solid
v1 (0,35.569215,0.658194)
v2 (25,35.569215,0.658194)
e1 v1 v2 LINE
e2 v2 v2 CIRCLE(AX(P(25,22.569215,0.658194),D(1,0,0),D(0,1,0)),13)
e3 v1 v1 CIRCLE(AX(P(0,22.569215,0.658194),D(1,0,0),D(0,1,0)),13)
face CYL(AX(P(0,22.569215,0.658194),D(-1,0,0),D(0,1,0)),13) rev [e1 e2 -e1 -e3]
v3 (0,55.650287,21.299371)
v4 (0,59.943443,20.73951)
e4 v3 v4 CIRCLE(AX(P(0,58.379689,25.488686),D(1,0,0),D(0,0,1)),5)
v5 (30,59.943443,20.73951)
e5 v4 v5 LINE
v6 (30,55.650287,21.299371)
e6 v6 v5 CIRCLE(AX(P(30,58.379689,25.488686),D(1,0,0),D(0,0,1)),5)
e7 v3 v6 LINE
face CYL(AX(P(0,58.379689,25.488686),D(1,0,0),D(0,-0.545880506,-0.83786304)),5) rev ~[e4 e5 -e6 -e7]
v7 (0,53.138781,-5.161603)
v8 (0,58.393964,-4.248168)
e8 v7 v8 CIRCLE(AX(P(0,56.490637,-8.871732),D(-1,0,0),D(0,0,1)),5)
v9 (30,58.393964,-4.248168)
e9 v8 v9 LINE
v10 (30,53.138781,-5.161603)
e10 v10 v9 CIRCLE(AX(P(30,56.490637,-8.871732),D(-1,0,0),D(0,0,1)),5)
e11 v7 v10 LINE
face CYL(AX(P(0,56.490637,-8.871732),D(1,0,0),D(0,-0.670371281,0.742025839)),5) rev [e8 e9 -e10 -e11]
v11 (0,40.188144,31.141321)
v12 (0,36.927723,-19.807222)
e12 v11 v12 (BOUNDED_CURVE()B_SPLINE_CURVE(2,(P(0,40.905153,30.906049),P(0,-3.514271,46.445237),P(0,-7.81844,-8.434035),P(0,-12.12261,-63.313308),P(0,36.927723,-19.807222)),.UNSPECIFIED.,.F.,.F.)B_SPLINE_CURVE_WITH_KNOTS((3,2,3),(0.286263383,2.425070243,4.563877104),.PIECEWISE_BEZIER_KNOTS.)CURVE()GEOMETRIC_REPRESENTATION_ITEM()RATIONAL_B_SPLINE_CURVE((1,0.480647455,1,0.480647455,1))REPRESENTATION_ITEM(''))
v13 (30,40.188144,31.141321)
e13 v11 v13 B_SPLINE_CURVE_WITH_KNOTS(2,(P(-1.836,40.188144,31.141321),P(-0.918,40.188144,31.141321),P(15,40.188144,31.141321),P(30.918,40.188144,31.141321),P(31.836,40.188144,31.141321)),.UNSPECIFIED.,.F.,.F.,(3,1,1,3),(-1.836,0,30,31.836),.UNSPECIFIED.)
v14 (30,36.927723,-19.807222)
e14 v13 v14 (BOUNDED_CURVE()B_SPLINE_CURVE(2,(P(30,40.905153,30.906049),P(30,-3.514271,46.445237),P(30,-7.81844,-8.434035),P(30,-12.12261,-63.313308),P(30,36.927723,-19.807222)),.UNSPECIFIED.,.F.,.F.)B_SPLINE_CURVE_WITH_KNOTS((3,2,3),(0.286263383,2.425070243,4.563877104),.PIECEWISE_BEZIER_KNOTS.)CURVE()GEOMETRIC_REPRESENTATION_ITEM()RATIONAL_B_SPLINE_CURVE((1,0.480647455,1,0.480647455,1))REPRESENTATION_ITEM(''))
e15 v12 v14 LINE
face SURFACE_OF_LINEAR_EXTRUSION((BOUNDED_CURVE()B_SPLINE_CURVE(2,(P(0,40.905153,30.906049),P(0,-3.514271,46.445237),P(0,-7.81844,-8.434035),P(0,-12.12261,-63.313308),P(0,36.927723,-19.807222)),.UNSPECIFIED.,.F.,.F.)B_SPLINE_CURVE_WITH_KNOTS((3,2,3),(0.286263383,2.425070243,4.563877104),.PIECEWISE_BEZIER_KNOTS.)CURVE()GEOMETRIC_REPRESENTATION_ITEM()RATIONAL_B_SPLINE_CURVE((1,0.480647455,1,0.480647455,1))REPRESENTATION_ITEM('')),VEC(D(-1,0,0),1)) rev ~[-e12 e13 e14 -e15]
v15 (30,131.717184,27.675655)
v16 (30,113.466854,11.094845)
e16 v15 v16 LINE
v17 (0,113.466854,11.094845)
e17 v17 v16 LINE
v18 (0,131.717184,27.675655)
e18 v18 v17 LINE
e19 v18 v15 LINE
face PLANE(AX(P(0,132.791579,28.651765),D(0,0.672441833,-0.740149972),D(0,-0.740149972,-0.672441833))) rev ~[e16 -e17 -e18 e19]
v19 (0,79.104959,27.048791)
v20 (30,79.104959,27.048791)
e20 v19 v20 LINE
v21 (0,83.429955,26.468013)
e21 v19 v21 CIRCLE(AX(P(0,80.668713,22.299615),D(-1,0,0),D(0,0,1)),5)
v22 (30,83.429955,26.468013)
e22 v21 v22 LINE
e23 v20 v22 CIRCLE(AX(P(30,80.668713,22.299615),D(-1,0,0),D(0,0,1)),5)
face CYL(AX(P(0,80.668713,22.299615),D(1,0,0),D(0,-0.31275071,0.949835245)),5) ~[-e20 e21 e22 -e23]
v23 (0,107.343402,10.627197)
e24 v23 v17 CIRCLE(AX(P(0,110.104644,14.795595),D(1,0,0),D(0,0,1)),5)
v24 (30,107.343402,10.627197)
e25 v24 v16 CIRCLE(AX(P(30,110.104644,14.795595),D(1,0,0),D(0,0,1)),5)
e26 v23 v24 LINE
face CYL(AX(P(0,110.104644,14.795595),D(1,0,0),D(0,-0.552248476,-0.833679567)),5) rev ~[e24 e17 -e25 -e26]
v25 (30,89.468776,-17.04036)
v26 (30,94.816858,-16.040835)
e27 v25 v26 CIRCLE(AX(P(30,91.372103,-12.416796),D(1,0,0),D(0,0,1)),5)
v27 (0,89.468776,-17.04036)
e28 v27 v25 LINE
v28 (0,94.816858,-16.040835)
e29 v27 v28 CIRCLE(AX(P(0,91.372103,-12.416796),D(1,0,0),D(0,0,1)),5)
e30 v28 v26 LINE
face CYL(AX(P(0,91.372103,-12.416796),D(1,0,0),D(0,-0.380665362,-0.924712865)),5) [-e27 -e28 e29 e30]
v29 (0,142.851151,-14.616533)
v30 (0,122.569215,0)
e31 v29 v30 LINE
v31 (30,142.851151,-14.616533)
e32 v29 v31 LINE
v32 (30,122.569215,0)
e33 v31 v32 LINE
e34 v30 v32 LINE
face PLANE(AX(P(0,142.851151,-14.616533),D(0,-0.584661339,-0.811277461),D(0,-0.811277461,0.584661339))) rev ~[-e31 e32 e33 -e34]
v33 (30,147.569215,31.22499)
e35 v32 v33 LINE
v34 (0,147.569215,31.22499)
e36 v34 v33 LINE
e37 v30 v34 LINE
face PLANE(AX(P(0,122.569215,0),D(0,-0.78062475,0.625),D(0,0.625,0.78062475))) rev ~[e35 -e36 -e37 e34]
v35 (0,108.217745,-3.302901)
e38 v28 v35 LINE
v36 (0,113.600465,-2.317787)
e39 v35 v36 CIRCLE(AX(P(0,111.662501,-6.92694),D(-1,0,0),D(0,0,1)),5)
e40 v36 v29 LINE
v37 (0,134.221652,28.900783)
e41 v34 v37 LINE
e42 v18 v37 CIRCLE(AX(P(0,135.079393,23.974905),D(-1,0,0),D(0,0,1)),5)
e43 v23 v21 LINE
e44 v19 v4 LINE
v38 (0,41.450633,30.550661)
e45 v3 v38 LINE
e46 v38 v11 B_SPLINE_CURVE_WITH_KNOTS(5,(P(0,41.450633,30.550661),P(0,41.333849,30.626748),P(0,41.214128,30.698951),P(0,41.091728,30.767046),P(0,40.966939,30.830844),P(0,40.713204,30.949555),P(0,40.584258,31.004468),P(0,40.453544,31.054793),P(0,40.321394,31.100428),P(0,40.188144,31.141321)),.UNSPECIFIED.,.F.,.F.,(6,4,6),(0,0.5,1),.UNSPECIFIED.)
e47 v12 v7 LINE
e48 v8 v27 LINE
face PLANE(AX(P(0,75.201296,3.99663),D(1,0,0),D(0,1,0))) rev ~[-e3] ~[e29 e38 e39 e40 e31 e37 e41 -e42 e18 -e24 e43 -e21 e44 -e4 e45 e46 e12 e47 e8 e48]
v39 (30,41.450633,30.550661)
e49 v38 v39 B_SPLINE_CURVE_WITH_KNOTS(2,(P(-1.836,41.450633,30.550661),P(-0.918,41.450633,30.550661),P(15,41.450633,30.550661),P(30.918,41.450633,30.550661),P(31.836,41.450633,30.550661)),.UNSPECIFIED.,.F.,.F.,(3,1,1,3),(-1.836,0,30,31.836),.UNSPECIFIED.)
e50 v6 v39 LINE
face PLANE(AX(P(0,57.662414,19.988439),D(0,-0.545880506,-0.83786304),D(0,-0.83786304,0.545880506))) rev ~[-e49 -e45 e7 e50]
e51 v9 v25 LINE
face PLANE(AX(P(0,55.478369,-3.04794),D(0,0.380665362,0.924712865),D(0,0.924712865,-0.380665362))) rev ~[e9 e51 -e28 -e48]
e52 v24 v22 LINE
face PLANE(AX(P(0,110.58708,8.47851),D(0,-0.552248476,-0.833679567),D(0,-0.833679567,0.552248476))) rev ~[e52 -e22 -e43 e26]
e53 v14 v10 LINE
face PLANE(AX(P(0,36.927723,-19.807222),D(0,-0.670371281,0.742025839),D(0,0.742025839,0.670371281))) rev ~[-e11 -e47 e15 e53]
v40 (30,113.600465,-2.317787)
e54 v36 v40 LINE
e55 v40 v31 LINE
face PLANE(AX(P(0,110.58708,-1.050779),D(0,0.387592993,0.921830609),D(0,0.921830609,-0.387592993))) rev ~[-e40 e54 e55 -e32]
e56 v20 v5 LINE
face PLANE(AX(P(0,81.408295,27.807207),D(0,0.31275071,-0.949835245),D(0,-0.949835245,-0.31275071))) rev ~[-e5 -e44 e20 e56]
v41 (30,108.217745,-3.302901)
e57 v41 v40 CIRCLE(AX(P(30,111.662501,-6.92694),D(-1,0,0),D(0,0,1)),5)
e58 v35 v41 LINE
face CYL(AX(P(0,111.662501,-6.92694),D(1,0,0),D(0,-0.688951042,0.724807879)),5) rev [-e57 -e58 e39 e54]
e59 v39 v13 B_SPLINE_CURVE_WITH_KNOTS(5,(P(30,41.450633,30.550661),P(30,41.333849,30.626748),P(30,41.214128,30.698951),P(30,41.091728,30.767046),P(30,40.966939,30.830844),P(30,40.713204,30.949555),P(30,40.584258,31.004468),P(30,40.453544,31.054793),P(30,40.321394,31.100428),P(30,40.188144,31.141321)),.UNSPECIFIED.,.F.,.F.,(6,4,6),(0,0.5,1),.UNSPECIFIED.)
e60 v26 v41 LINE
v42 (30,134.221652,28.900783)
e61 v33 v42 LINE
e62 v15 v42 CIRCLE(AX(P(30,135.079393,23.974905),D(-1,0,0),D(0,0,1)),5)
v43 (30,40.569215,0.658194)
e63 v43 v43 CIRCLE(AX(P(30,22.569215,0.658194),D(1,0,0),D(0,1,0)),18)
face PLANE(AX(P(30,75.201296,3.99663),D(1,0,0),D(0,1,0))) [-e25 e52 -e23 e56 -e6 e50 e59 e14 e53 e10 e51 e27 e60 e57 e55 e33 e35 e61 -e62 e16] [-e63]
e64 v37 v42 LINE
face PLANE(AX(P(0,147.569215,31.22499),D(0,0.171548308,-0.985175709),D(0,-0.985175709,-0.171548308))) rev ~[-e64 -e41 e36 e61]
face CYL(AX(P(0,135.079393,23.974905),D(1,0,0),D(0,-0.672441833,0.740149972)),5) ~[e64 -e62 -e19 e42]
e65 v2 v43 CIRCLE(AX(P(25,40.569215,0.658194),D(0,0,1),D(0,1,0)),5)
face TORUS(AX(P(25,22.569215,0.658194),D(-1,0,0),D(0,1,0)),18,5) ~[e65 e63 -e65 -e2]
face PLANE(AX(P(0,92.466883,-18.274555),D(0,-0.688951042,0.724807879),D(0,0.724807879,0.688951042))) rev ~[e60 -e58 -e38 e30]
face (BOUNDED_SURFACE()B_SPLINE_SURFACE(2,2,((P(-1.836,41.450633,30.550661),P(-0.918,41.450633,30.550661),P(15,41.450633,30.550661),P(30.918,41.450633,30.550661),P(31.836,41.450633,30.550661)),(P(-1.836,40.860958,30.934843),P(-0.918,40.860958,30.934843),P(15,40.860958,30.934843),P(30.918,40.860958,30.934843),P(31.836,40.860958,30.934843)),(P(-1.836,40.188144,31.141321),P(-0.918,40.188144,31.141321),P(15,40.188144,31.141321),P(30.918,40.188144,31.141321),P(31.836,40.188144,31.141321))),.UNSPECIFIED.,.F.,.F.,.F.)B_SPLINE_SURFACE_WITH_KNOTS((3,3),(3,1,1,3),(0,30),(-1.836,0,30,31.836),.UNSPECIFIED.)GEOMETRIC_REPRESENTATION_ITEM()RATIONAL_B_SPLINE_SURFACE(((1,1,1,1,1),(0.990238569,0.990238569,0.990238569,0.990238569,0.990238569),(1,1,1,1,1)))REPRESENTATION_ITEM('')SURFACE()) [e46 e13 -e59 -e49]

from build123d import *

# Parameters (mm, degrees)
F0_R     = 13
F1_DEPTH = 30
F2_R     = 5


with BuildPart() as f1:
    # F0 (on Right) → F1 (new body)
    with BuildSketch(Plane.YZ):
        with BuildLine():
            Line((57.6624141952, 19.9884392769), (40.9051534027, 30.906049397))
            add(Edge.make_bspline(
                [(40.9051534027, 30.906049397), (-3.5142712129, 46.4452369145), (-7.8184404914, -8.4340354173), (-12.12260977, -63.3133077491), (36.927722639, -19.8072223032)],
                knots=[0.2862633827, 0.2862633827, 0.2862633827, 2.4250702433, 2.4250702433, 4.5638771039, 4.5638771039, 4.5638771039], degree=2, weights=[1, 0.4806474548, 1, 0.4806474548, 1]))
            Line((36.927722639, -19.8072223032), (55.4783686194, -3.0479402867))
            Line((55.4783686194, -3.0479402867), (92.4668832048, -18.2745547747))
            Line((92.4668832048, -18.2745547747), (110.5870801787, -1.0507787188))
            Line((110.5870801787, -1.0507787188), (142.8511514965, -14.6165334712))
            Line((142.8511514965, -14.6165334712), (122.5692149695, 0))
            Line((122.5692149695, 0), (147.5692149695, 31.224989992))
            Line((147.5692149695, 31.224989992), (132.7915793322, 28.6517653669))
            Line((132.7915793322, 28.6517653669), (110.5870801787, 8.4785103657))
            Line((110.5870801787, 8.4785103657), (81.4082953293, 27.8072070292))
            Line((81.4082953293, 27.8072070292), (57.6624141952, 19.9884392769))
        make_face()
        with Locations((22.5692149695, 0.65819383)):
            Circle(F0_R, mode=Mode.SUBTRACT)
    extrude(amount=F1_DEPTH)

    # F2
    f2_edges = [f1.edges().sort_by_distance(p)[0] for p in [
        (30, 9.569215, 0.658194),
        (15, 55.478369, -3.04794),
        (15, 92.466883, -18.274555),
        (15, 110.58708, -1.050779),
        (15, 132.791579, 28.651765),
        (15, 110.58708, 8.47851),
        (15, 81.408295, 27.807207),
        (15, 57.662414, 19.988439),
        (15, 40.905153, 30.906049),
    ]]
    fillet(f2_edges, radius=F2_R)


solid = f1.part
